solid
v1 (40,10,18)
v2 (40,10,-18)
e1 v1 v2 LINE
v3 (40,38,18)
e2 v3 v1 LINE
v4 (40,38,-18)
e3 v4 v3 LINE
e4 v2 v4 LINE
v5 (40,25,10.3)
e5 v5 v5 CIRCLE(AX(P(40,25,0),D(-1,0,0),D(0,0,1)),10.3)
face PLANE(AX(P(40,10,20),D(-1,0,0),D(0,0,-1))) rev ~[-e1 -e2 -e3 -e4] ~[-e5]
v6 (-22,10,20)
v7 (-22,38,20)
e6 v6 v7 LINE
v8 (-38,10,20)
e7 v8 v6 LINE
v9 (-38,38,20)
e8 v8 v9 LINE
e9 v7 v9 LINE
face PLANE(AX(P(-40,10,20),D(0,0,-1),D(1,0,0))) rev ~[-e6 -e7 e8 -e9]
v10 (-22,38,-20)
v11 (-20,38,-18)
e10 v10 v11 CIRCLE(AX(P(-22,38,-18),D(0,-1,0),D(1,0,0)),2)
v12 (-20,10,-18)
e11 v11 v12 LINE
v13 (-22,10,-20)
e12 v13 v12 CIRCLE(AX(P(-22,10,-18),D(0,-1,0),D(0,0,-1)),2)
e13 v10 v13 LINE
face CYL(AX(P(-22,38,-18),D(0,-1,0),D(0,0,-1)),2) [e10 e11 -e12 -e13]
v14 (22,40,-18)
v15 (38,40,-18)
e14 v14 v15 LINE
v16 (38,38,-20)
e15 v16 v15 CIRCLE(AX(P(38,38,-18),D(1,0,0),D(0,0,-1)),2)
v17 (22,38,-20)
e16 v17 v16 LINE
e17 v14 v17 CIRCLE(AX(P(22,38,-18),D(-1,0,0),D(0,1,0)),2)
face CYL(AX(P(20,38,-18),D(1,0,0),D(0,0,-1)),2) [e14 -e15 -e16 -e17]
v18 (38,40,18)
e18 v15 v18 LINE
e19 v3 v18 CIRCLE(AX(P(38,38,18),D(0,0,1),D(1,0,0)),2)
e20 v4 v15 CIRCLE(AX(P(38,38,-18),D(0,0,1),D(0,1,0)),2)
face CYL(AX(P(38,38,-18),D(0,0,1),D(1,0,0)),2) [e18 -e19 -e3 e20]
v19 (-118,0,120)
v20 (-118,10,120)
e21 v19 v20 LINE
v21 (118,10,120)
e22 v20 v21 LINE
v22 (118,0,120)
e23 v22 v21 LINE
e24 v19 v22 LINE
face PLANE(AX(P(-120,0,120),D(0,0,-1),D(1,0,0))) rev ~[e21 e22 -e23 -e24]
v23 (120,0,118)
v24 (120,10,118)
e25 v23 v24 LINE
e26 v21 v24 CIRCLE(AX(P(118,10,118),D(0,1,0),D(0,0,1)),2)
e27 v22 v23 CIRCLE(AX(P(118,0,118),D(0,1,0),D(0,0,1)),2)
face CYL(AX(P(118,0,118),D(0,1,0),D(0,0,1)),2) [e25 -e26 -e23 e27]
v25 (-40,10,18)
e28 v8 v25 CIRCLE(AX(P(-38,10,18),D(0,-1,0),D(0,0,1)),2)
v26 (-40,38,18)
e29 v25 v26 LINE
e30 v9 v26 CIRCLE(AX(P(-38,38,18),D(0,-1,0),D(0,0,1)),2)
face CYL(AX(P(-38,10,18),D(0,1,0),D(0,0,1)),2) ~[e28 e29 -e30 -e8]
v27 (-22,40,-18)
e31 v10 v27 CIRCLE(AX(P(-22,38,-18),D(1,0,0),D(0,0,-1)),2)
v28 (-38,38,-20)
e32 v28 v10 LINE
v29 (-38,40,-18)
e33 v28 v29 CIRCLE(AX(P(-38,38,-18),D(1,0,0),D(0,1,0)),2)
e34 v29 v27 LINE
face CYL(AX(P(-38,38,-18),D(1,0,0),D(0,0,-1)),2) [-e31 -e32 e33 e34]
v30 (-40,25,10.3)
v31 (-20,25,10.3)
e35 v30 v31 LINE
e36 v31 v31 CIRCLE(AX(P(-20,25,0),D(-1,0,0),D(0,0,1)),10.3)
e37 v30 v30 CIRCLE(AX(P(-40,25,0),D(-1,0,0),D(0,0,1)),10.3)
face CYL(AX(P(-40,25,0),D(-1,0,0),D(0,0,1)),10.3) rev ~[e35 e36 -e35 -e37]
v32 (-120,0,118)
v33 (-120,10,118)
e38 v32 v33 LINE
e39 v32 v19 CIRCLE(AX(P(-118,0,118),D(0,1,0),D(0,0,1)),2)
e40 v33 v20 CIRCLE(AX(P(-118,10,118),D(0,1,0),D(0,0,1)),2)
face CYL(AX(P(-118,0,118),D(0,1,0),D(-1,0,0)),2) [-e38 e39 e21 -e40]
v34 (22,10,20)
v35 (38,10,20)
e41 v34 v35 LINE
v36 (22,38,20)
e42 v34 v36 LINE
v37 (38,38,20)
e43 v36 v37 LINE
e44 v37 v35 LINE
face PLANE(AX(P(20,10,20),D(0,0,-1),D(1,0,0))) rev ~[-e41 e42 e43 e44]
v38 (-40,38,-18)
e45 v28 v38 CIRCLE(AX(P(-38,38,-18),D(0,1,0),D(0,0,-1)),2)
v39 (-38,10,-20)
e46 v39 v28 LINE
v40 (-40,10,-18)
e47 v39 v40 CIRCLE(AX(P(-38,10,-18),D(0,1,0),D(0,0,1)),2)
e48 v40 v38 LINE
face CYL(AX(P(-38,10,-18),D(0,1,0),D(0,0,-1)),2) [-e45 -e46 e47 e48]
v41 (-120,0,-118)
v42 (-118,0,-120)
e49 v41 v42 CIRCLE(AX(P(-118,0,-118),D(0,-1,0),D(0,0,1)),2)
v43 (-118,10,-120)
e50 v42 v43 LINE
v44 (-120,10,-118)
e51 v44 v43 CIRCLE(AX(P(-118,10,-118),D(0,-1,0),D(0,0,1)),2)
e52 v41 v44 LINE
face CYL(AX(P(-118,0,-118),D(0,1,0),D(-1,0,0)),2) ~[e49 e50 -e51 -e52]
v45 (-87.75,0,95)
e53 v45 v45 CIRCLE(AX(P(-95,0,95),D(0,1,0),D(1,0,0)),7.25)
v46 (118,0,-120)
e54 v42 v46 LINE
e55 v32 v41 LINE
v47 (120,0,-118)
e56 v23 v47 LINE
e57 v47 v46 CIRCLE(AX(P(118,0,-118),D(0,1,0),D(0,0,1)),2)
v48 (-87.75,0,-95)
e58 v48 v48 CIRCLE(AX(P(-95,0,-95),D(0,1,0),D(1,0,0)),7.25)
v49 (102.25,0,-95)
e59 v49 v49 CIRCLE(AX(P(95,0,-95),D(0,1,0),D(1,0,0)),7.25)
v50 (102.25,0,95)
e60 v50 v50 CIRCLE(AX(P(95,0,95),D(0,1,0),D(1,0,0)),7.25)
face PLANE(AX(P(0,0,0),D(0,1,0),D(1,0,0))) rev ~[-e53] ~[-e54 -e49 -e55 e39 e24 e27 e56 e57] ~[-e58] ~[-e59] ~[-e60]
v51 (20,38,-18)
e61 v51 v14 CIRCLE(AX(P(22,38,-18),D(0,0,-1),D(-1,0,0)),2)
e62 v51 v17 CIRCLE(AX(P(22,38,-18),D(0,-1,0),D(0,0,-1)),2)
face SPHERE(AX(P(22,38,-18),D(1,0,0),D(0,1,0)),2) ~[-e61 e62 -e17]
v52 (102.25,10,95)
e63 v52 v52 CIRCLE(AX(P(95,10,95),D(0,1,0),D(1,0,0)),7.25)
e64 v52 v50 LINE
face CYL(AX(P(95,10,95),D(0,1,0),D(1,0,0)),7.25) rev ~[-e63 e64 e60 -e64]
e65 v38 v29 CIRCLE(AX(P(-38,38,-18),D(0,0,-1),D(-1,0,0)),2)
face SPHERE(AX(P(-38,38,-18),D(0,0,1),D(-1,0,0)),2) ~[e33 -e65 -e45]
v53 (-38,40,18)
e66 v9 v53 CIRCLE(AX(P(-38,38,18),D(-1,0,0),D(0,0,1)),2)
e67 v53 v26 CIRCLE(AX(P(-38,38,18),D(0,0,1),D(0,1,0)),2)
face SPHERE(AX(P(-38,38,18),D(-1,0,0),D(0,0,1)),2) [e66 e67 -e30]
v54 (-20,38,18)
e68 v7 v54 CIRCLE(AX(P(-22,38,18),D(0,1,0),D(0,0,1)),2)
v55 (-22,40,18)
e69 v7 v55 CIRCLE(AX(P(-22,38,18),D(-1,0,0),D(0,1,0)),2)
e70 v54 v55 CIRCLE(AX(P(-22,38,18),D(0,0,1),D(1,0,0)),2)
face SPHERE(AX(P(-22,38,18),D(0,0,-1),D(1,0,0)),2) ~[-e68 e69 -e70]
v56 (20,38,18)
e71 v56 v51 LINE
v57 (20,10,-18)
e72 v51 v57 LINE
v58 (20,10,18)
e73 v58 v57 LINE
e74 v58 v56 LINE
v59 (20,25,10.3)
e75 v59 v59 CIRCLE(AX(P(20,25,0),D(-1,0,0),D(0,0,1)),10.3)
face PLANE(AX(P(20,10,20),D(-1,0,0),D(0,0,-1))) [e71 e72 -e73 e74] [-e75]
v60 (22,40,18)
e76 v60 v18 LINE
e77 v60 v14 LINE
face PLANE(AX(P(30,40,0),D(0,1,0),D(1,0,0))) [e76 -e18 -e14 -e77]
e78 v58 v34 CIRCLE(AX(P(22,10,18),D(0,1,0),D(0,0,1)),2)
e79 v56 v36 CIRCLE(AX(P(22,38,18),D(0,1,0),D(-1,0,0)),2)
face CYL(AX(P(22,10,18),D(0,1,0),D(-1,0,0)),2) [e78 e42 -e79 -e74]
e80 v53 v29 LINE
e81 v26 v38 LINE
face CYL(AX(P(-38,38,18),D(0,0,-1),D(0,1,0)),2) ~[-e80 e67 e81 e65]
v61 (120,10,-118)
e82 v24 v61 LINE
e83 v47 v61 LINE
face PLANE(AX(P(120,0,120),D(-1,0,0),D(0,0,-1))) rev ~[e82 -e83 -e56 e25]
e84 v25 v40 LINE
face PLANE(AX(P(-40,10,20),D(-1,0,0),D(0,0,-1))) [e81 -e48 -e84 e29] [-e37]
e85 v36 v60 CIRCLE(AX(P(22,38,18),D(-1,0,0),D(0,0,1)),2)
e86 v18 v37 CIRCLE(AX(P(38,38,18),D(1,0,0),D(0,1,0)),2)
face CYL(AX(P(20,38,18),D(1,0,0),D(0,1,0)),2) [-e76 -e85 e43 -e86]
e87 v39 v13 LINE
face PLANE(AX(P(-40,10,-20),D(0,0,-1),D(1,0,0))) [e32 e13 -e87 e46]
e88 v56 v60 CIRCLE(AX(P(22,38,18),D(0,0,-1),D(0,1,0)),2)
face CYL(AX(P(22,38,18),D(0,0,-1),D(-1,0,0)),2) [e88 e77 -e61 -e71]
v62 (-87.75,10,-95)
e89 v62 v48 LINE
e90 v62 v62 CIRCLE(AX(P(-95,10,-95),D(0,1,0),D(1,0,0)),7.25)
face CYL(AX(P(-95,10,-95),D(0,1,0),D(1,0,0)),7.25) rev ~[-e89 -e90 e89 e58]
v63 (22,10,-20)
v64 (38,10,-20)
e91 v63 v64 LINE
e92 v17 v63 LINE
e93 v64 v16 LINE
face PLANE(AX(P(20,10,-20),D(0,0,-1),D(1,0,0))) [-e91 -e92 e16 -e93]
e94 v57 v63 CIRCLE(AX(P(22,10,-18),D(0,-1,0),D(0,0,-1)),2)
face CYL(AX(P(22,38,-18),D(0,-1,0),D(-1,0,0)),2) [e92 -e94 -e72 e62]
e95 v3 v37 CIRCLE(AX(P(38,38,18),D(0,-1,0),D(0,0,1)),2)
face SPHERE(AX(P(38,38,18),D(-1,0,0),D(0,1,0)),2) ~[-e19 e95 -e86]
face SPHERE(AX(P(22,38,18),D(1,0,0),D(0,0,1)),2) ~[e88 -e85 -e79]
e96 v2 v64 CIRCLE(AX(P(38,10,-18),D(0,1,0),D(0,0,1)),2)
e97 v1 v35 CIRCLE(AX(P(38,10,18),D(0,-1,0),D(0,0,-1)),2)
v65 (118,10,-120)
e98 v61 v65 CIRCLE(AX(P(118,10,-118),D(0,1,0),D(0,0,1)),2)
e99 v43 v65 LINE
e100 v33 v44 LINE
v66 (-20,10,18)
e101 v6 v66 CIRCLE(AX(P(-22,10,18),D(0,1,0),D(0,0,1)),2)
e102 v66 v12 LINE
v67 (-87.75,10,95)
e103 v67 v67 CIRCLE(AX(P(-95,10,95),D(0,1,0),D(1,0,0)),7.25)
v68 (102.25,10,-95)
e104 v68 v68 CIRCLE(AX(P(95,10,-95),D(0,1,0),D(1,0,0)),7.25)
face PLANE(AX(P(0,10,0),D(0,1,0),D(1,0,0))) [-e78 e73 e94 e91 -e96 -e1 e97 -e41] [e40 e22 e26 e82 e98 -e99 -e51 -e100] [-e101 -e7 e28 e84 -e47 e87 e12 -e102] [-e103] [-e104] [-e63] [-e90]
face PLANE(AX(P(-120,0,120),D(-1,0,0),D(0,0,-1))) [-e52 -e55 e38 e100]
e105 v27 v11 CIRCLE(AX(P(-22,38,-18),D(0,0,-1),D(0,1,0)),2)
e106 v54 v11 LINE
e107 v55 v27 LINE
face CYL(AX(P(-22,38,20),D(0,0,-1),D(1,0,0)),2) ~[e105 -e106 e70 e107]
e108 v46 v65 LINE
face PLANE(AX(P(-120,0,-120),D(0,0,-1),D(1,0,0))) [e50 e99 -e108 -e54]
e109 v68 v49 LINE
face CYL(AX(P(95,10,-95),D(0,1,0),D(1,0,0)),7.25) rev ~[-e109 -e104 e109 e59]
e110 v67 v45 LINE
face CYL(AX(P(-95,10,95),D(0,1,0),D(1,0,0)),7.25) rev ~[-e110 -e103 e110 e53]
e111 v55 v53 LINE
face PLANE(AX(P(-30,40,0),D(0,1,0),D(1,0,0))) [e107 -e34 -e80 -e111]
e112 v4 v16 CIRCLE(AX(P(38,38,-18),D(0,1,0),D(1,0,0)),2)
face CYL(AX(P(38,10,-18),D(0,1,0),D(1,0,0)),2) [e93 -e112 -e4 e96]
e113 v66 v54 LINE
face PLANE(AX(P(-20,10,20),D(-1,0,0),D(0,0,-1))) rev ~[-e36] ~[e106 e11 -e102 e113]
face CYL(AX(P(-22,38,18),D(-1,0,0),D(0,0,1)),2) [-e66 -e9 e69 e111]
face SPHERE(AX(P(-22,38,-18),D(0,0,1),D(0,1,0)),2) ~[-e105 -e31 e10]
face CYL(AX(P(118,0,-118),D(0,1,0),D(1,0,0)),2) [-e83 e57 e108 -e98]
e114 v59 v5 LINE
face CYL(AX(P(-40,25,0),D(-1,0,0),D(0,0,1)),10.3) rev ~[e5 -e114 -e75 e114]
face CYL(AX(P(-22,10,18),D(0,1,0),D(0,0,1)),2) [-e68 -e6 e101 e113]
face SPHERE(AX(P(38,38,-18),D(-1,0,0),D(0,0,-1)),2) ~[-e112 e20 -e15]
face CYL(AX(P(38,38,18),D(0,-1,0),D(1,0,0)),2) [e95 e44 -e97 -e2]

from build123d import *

# Parameters (mm, degrees)
ESQUISSE1_W             = 240
ESQUISSE1_H             = 240
BOSS_EXTRU_1_DEPTH      = 10
ESQUISSE2_R             = 7.25
ENL_V_MAT_EXTRU_1_DEPTH = 10
ESQUISSE5_W             = 20
ESQUISSE5_H             = 40
BOSS_EXTRU_5_DEPTH      = 30
ESQUISSE7_R             = 10.3
ENL_V_MAT_EXTRU_2_DEPTH = 80
CONG_1_R                = 2
CONG_2_R                = 2
CONG_3_R                = 2
CONG_4_R                = 2
CONG_5_R                = 2
CONG_6_R                = 2
CONG_7_R                = 2
CONG_8_R                = 2
CONG_9_R                = 2
CONG_10_R               = 2
CONG_11_R               = 2
CONG_12_R               = 2


with BuildPart() as part:
    # Esquisse1 → Boss.-Extru.1 (new body)
    with BuildSketch(Plane(origin=(0, 0, 0), x_dir=(1, 0, 0), z_dir=(0, 1, 0))):
        Rectangle(ESQUISSE1_W, ESQUISSE1_H)
    extrude(amount=BOSS_EXTRU_1_DEPTH)

    # Esquisse2 → Enlèv. mat.-Extru.1 (cut)
    with BuildSketch(Plane(origin=(0, 10, 0), x_dir=(1, 0, 0), z_dir=(0, 1, 0))):
        with Locations((-95, -95)):
            Circle(ESQUISSE2_R)
        with Locations((-95, 95)):
            Circle(ESQUISSE2_R)
        with Locations((95, 95)):
            Circle(ESQUISSE2_R)
        with Locations((95, -95)):
            Circle(ESQUISSE2_R)
    extrude(amount=-ENL_V_MAT_EXTRU_1_DEPTH, mode=Mode.SUBTRACT)

    # Esquisse5 → Boss.-Extru.5 (add)
    with BuildSketch(Plane(origin=(0, 10, 0), x_dir=(1, 0, 0), z_dir=(0, 1, 0))):
        with Locations((-30, 0)):
            Rectangle(ESQUISSE5_W, ESQUISSE5_H)
        with Locations((30, 0)):
            Rectangle(ESQUISSE5_W, ESQUISSE5_H)
    extrude(amount=BOSS_EXTRU_5_DEPTH)

    # Esquisse7 → Enlèv. mat.-Extru.2 (cut)
    with BuildSketch(Plane.ZY.offset(40)):
        with Locations((0, 25)):
            Circle(ESQUISSE7_R)
    extrude(amount=-ENL_V_MAT_EXTRU_2_DEPTH, mode=Mode.SUBTRACT)

    # Congé1
    cong_1_edges = [part.edges().sort_by_distance(p)[0] for p in [
        (-120, 5, -120),
    ]]
    fillet(cong_1_edges, radius=CONG_1_R)

    # Congé2
    cong_2_edges = [part.edges().sort_by_distance(p)[0] for p in [
        (-120, 5, 120),
    ]]
    fillet(cong_2_edges, radius=CONG_2_R)

    # Congé3
    cong_3_edges = [part.edges().sort_by_distance(p)[0] for p in [
        (120, 5, 120),
    ]]
    fillet(cong_3_edges, radius=CONG_3_R)

    # Congé4
    cong_4_edges = [part.edges().sort_by_distance(p)[0] for p in [
        (120, 5, -120),
    ]]
    fillet(cong_4_edges, radius=CONG_4_R)

    # Congé5
    cong_5_edges = [part.edges().sort_by_distance(p)[0] for p in [
        (30, 40, -20),
    ]]
    fillet(cong_5_edges, radius=CONG_5_R)

    # Congé6
    cong_6_edges = [part.edges().sort_by_distance(p)[0] for p in [
        (30, 40, 20),
    ]]
    fillet(cong_6_edges, radius=CONG_6_R)

    # Congé7
    cong_7_edges = [part.edges().sort_by_distance(p)[0] for p in [
        (40, 24, -20),
        (40, 39.414213562, -19.414213562),
        (40, 40, 0),
        (40, 24, 20),
        (40, 39.414213562, 19.414213562),
    ]]
    fillet(cong_7_edges, radius=CONG_7_R)

    # Congé8
    cong_8_edges = [part.edges().sort_by_distance(p)[0] for p in [
        (-20, 40, 0),
    ]]
    fillet(cong_8_edges, radius=CONG_8_R)

    # Congé9
    cong_9_edges = [part.edges().sort_by_distance(p)[0] for p in [
        (-20, 24, 20),
        (-20.585786438, 39.414213562, 20),
        (-31, 40, 20),
    ]]
    fillet(cong_9_edges, radius=CONG_9_R)

    # Congé10
    cong_10_edges = [part.edges().sort_by_distance(p)[0] for p in [
        (-40, 24, 20),
        (-40, 39.414213562, 19.414213562),
        (-40, 40, -1),
    ]]
    fillet(cong_10_edges, radius=CONG_10_R)

    # Congé11
    cong_11_edges = [part.edges().sort_by_distance(p)[0] for p in [
        (-30, 40, -20),
        (-20, 24, -20),
        (-20.585786438, 39.414213562, -20),
        (-40, 24, -20),
        (-39.414213562, 39.414213562, -20),
    ]]
    fillet(cong_11_edges, radius=CONG_11_R)

    # Congé12
    cong_12_edges = [part.edges().sort_by_distance(p)[0] for p in [
        (20, 40, 0),
        (20, 24, -20),
        (20, 39.414213562, -19.414213562),
        (20, 24, 20),
        (20, 39.414213562, 19.414213562),
    ]]
    fillet(cong_12_edges, radius=CONG_12_R)


solid = part.part
